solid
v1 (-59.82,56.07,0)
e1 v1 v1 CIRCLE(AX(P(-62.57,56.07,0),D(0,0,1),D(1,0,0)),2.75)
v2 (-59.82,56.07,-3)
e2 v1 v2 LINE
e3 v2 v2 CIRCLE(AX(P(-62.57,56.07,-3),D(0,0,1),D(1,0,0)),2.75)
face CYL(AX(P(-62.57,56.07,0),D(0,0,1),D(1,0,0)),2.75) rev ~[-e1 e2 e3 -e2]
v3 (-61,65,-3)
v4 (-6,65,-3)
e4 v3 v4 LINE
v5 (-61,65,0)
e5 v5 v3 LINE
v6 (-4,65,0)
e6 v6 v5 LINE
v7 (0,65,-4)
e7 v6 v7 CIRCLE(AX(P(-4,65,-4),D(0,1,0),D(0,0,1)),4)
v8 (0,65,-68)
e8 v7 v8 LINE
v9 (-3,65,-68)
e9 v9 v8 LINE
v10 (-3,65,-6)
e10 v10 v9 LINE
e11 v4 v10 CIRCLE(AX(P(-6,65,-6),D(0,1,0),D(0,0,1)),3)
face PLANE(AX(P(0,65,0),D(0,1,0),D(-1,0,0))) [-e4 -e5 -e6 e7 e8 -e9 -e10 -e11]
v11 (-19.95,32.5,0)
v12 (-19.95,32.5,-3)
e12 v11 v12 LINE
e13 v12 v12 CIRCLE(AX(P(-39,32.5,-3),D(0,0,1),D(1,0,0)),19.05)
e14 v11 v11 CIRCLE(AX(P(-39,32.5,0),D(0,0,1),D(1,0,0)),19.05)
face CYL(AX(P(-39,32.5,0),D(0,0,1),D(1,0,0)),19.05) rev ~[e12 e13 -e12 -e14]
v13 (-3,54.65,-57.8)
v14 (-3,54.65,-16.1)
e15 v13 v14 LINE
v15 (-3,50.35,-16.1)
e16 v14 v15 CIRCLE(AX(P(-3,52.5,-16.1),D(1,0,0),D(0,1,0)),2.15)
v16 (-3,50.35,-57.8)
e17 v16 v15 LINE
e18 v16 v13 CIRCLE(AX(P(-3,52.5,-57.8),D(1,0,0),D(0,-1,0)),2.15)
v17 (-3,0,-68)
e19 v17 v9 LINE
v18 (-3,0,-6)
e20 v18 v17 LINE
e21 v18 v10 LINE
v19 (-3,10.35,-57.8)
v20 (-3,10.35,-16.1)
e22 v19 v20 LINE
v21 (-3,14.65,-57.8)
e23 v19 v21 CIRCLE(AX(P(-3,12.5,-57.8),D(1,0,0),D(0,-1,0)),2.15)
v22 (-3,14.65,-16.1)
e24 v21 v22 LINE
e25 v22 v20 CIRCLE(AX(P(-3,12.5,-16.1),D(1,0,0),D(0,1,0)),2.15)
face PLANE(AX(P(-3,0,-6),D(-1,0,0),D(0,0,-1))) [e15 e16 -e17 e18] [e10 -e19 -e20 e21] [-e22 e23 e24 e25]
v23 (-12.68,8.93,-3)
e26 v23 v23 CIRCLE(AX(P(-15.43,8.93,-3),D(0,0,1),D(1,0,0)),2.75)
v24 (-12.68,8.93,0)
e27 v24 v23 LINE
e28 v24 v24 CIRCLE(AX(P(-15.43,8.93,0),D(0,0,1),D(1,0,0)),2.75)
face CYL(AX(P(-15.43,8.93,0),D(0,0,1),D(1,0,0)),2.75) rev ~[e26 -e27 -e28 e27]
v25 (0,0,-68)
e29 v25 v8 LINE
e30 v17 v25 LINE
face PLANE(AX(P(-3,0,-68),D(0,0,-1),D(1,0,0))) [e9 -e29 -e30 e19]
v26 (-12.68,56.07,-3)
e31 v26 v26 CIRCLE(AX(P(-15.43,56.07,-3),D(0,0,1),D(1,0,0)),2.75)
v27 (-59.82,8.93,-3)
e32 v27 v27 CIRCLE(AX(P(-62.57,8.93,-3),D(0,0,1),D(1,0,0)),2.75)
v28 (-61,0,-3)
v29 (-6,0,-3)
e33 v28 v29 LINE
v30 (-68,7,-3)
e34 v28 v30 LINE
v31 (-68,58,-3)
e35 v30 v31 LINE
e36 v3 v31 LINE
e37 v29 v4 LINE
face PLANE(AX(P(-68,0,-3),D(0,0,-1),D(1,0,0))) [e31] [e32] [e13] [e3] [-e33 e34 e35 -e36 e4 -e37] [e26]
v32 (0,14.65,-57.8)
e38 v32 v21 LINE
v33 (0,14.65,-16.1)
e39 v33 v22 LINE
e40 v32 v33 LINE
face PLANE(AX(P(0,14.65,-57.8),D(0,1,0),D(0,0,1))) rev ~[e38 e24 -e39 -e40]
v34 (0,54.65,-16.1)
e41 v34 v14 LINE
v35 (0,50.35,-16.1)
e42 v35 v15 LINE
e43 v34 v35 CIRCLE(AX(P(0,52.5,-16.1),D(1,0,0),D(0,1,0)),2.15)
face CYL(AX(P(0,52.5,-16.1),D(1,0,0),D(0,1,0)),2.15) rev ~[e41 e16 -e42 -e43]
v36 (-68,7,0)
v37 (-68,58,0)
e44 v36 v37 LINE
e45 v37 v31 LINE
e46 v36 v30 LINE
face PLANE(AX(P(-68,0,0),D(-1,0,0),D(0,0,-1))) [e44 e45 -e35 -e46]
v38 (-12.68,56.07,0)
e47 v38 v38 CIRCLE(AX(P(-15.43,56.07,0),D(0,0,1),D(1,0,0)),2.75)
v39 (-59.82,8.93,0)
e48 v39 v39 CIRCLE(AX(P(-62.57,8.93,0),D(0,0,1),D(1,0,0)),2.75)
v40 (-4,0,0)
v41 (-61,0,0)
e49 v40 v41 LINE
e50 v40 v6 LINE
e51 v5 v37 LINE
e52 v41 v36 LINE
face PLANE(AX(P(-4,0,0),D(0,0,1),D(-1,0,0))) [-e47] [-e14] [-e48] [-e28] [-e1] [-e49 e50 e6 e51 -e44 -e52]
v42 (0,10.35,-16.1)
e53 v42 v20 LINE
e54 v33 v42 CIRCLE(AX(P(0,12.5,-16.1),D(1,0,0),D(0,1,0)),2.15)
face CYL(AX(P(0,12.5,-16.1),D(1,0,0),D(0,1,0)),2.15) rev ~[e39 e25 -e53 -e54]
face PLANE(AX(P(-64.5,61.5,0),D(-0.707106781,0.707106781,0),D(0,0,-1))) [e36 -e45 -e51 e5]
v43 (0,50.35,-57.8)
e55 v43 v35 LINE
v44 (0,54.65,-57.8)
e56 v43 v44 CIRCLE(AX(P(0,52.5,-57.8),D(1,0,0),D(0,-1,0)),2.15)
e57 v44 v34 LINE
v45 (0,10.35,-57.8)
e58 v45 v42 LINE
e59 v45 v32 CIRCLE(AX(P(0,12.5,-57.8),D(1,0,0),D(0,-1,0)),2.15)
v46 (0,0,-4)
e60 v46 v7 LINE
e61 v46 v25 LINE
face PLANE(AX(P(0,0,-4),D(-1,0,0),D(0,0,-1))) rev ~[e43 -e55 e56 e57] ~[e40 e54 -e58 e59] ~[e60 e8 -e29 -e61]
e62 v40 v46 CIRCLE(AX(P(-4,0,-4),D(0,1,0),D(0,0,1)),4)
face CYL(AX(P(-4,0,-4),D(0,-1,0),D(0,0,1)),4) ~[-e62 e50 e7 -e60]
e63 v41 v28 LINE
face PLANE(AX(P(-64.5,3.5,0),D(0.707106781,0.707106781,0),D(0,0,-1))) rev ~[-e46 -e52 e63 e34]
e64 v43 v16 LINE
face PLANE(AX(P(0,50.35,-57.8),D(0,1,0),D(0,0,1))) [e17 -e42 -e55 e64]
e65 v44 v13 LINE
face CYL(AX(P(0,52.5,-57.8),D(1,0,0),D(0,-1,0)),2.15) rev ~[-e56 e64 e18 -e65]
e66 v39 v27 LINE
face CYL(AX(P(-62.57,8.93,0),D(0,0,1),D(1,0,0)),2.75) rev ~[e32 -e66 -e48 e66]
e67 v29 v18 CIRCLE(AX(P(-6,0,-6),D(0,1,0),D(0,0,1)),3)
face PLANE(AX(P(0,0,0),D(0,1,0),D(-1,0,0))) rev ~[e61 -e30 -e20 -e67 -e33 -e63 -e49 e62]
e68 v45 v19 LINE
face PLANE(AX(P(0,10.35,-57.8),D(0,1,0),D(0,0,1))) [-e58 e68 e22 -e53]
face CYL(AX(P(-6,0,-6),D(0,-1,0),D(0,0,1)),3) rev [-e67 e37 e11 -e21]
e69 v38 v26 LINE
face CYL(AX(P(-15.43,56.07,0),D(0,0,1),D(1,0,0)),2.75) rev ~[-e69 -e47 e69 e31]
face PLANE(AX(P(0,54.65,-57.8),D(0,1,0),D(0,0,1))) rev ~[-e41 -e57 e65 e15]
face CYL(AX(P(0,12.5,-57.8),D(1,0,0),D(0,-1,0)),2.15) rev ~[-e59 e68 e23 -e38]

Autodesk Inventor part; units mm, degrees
ref_plane "YZ Plane" through (0, 0, 0) normal (1, 0, 0) x (0, 1, 0)
ref_plane "XZ Plane" through (0, 0, 0) normal (0, 1, 0) x (-1, 0, 0)
ref_plane "XY Plane" through (0, 0, 0) normal (0, 0, 1) x (1, 0, 0)
sketch "Sketch1" plane through (0, 0, 0) normal (0, 1, 0) x (-1, 0, 0)
  line L0 (4, 0) -> (68, 0)
  line L1 (0, -4) -> (0, -68)
  line L2 (68, -3) -> (6, -3)
  line L3 (3, -6) -> (3, -68)
  line L4 (68, 0) -> (68, -3)
  line L5 (3, -68) -> (0, -68)
  arc A0 (4, 0) -> (0, -4) centre (4, -4) ccw
  arc A1 (6, -3) -> (3, -6) centre (6, -6) ccw
  point P0 (0, 0)
  dimension "d0" = 68
  dimension "d1" = 68
  dimension "d2" = 3
  dimension "d3" = 4
  dimension "d4" = 3
extrude "Extrusion1" add sketch "Sketch1" along normal blind 65
sketch "Sketch2" plane through (-68, 0, 0) normal (0, 0, 1) x (1, 0, 0)
  circle A0 centre (29, 32.5) radius 19.05
  point P0 (68, 0)
  point P1 (0, 65)
  dimension "d8" = 38.1
extrude "Extrusion2" cut sketch "Sketch2" against normal blind 3
sketch "Sketch3" plane through (-68, 0, 0) normal (0, 0, 1) x (1, 0, 0)
  circle A0 centre (5.43, 8.93) radius 2.75
  point P0 (68, 0)
  dimension "d13" = 5.5
extrude "Extrusion3" cut sketch "Sketch3" against normal blind 3
pattern_linear "Rectangular Pattern1" count 2 spacing 47.14 along (0, 1, 0) count 2 spacing 47.14 along (1, 0, 0) of "Extrusion3"
sketch "Sketch4" plane through (0, 0, -4) normal (1, 0, 0) x (0, 0, -1)
  arc A0 (53.8, 50.35) -> (53.8, 54.65) centre (53.8, 52.5) ccw
  arc A1 (12.1, 54.65) -> (12.1, 50.35) centre (12.1, 52.5) ccw
  line L0 (53.8, 54.65) -> (12.1, 54.65)
  line L1 (53.8, 50.35) -> (12.1, 50.35)
  line L2 (46.8257, 32.5) -> (19.3775, 32.5)
  arc A2 (53.8, 10.35) -> (53.8, 14.65) centre (53.8, 12.5) ccw
  arc A3 (12.1, 14.65) -> (12.1, 10.35) centre (12.1, 12.5) ccw
  line L3 (53.8, 10.35) -> (12.1, 10.35)
  line L4 (53.8, 14.65) -> (12.1, 14.65)
  point P0 (-4, 0)
  dimension "d24" = 4.3
  dimension "d26" = 4.3
extrude "Extrusion4" cut sketch "Sketch4" against normal blind 3
chamfer "Chamfer1" distance 7 angle 45 2 edges at (-68, 65, -1.5) (-68, 0, -1.5)
properties part number "Soporte Motor"
